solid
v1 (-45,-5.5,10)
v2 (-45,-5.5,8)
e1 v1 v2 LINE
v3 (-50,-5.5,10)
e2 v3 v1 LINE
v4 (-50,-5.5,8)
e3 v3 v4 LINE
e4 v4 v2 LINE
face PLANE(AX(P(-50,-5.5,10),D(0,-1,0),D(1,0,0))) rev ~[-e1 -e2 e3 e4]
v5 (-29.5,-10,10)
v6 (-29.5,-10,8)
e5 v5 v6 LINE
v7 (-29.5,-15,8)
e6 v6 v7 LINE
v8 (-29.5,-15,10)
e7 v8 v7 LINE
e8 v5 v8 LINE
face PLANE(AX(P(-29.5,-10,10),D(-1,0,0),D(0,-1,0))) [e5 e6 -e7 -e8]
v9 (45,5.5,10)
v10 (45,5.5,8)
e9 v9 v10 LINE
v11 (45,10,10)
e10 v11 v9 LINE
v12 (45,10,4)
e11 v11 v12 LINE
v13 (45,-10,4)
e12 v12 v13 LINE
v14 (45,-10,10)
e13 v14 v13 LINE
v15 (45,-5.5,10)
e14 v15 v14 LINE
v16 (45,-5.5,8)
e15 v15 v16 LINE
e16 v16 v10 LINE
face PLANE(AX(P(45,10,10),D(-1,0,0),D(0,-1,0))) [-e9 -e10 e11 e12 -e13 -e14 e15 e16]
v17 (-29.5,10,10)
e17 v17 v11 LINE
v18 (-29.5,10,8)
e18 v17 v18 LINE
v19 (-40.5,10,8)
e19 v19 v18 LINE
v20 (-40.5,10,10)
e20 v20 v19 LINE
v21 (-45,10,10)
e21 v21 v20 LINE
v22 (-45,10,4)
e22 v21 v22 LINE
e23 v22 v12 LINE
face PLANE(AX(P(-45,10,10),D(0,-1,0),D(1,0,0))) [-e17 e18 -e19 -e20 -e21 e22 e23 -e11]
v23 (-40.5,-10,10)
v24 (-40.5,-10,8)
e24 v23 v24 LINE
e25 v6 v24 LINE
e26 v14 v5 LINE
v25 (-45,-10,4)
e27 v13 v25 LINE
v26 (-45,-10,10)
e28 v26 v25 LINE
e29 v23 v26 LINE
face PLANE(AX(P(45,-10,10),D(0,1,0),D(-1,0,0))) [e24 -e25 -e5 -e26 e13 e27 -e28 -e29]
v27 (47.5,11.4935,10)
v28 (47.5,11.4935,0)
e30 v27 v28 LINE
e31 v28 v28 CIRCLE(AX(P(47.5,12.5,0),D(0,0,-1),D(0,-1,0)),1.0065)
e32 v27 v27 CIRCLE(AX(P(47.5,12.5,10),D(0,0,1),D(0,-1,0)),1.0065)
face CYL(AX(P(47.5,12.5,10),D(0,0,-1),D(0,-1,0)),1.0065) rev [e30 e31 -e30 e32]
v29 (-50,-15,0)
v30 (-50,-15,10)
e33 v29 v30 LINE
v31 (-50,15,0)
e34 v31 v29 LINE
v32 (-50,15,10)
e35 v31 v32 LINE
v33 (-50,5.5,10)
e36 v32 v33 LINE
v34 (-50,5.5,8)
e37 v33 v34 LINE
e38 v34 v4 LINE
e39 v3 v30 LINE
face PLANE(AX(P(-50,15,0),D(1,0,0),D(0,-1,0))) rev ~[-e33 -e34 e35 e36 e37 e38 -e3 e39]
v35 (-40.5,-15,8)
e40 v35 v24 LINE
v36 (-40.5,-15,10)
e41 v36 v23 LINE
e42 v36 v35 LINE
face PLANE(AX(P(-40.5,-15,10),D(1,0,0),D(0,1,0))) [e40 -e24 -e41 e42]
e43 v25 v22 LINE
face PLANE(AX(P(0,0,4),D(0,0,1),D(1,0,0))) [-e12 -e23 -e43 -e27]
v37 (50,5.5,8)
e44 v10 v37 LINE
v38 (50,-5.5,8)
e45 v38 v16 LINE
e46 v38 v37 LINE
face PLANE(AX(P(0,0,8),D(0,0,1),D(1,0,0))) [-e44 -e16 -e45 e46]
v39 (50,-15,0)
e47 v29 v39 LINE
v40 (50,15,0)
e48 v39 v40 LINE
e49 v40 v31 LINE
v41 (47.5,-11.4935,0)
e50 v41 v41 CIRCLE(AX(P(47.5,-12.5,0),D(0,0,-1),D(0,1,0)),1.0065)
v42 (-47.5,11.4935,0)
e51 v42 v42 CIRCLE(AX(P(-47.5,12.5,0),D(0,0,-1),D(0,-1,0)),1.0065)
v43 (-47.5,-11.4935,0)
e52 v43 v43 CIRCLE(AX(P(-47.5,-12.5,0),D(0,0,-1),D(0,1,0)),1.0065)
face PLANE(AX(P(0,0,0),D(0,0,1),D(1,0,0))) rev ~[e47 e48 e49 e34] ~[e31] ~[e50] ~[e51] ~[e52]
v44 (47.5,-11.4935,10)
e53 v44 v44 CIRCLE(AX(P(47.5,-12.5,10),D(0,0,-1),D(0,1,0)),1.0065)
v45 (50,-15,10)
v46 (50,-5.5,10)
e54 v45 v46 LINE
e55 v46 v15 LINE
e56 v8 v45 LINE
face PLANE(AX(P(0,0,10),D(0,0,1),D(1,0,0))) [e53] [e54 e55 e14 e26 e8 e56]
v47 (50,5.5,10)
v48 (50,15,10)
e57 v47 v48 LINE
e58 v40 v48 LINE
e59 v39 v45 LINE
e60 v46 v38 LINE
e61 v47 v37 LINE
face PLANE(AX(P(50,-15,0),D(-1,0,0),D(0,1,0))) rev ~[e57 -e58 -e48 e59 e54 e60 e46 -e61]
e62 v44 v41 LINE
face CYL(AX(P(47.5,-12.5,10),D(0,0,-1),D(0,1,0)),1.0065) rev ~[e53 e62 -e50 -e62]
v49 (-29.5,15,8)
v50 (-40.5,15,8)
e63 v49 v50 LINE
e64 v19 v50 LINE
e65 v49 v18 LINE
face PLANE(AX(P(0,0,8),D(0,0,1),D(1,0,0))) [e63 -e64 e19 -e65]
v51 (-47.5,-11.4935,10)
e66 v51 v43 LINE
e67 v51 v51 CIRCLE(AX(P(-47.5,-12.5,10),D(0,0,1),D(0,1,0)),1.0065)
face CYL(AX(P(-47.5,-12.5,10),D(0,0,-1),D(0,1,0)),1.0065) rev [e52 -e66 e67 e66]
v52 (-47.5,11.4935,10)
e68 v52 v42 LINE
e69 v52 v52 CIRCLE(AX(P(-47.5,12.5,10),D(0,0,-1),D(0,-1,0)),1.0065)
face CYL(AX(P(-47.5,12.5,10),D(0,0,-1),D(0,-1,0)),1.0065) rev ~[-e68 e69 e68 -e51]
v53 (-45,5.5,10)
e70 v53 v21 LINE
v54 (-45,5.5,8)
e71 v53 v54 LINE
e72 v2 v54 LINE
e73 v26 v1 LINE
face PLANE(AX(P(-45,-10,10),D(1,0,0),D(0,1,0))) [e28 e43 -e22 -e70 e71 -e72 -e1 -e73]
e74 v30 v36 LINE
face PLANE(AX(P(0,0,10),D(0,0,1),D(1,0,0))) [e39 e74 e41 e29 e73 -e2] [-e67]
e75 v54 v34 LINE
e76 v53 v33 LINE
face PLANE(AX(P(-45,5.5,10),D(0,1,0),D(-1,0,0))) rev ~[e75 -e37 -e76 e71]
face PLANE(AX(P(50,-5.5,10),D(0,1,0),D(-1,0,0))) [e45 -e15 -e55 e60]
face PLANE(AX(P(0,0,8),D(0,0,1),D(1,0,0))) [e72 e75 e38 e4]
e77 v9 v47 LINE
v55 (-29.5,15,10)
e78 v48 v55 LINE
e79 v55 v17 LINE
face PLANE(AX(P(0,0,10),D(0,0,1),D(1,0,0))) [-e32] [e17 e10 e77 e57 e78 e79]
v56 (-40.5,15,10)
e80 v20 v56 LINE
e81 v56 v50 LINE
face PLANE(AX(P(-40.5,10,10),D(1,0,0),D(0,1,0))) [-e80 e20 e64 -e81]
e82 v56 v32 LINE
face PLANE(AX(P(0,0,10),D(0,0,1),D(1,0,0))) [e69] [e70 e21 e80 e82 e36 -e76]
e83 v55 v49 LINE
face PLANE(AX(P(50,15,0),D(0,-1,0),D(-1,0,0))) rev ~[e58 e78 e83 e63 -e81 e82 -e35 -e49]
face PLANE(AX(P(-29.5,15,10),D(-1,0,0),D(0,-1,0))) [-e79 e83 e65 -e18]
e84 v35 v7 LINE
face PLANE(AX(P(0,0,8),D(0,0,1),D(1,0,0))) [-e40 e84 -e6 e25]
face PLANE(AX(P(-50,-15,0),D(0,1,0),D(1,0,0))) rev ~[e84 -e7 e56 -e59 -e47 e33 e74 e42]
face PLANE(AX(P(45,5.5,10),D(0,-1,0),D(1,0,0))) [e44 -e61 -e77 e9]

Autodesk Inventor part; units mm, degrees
ref_plane "YZ Plane" through (0, 0, 0) normal (1, 0, 0) x (0, 1, 0)
ref_plane "XZ Plane" through (0, 0, 0) normal (0, 1, 0) x (-1, 0, 0)
ref_plane "XY Plane" through (0, 0, 0) normal (0, 0, 1) x (1, 0, 0)
sketch "Sketch1" plane through (0, 0, 0) normal (0, 0, 1) x (1, 0, 0)
  line L0 (-50, -15) -> (50, -15)
  line L1 (50, -15) -> (50, 15)
  line L2 (50, 15) -> (-50, 15)
  line L3 (-50, 15) -> (-50, -15)
  line L4 (-50, -15) -> (50, 15) construction
  line L5 (50, -15) -> (-50, 15) construction
  point P0 (0, 0)
  dimension "d0" = 100
  dimension "d1" = 30
extrude "Extrusion1" add sketch "Sketch1" along normal blind 10
sketch "Sketch2" plane through (0, 0, 10) normal (0, 0, 1) x (1, 0, 0)
  line L0 (-50, -15) -> (50, -15) projected
  line L1 (50, -15) -> (50, 15) projected
  line L2 (50, 15) -> (-50, 15) projected
  line L3 (-50, 15) -> (-50, -15) projected
  line L4 (-45, 10) -> (45, 10)
  line L5 (45, 10) -> (45, -10)
  line L6 (45, -10) -> (-45, -10)
  line L7 (-45, -10) -> (-45, 10)
  point P0 (0, 0)
  dimension "d4" = 5
extrude "Extrusion2" cut sketch "Sketch2" against normal blind 6 contours L4 L5 L6 L7
sketch "Sketch3" plane through (0, 0, 10) normal (0, 0, 1) x (1, 0, 0)
  line L0 (-45, -10) -> (-45, 10) projected
  line L1 (-45, 10) -> (45, 10) projected
  line L2 (45, 10) -> (45, -10) projected
  line L3 (45, -10) -> (-45, -10) projected
  line L4 (-50, -15) -> (50, -15) projected
  line L5 (50, -15) -> (50, 15) projected
  line L6 (50, 15) -> (-50, 15) projected
  line L7 (-50, 15) -> (-50, -15) projected
  line L8 (-50, 15) -> (-50, -15) projected
  line L9 (-50, -5.5) -> (-45, -5.5)
  line L10 (-45, -5.5) -> (-45, 5.5)
  line L11 (-45, 5.5) -> (-50, 5.5)
  line L12 (-50, 5.5) -> (-50, -5.5)
  line L13 (-70, 0) -> (70, 0) projected
  line L14 (45, 10) -> (45, -10) projected
  line L15 (50, -15) -> (50, 15) projected
  line L16 (50, 15) -> (-50, 15) projected
  line L17 (-45, 10) -> (45, 10) projected
  line L18 (-40.5, 15) -> (-29.5, 15)
  line L19 (-29.5, 15) -> (-29.5, 10)
  line L20 (-29.5, 10) -> (-40.5, 10)
  line L21 (-40.5, 10) -> (-40.5, 15)
  line L22 (-35, 15) -> (-35, 10) construction
  line L23 (-45, 10) -> (45, 10) projected
  line L24 (45, -10) -> (-45, -10) projected
  line L25 (-50, -15) -> (50, -15) projected
  line L26 (-40.5, -10) -> (-29.5, -10)
  line L27 (-29.5, -10) -> (-29.5, -15)
  line L28 (-29.5, -15) -> (-40.5, -15)
  line L29 (-40.5, -15) -> (-40.5, -10)
  line L30 (45, 10) -> (45, -10) projected
  line L31 (45, 5.5) -> (50, 5.5)
  line L32 (50, 5.5) -> (50, -5.5)
  line L33 (50, -5.5) -> (45, -5.5)
  line L34 (45, -5.5) -> (45, 5.5)
  point P0 (0, 0)
  dimension "d7" = 11
  dimension "d9" = 11
  dimension "d10" = 15
  dimension "d28" = 11
  dimension "d29" = 11
extrude "Extrusion3" cut sketch "Sketch3" against normal blind 2 contours L9 L7 L13 L0 | L3 L27 L4 L29 | L13 L7 L11 L0 | L13 L5 L33 L2 | L2 L31 L5 L13 | L21 L6 L19 L1
sketch "Sketch4" plane through (0, 0, 10) normal (0, 0, 1) x (1, 0, 0)
  line L0 (-50, -15) -> (50, -15) projected
  line L1 (-50, 15) -> (-50, -15) projected
  line L2 (50, 15) -> (-50, 15) projected
  line L3 (50, -15) -> (50, 15) projected
  point P0 (0, 0)
  point P1 (-47.5, 12.5)
  dimension "d16" = 2.5
  dimension "d17" = 2.5
hole "Hole1" at (-47.5, 12.5, 10) direction (0, 0, -1) diameter 2.013 end through all thread size "M2.5x0.45" class "6H" standard "ANSI Metric M Profile"
mirror "Mirror1" about plane through (0, 0, 0) normal (0, 1, 0) of "Hole1"
mirror "Mirror2" about plane through (0, 0, 0) normal (1, 0, 0) of "Hole1", "Mirror1"
equation "\"d9\" = d7"
equation "\"d28\" = d7"
equation "\"d29\" = d7"
properties part number "PassiveSwitchCase"
